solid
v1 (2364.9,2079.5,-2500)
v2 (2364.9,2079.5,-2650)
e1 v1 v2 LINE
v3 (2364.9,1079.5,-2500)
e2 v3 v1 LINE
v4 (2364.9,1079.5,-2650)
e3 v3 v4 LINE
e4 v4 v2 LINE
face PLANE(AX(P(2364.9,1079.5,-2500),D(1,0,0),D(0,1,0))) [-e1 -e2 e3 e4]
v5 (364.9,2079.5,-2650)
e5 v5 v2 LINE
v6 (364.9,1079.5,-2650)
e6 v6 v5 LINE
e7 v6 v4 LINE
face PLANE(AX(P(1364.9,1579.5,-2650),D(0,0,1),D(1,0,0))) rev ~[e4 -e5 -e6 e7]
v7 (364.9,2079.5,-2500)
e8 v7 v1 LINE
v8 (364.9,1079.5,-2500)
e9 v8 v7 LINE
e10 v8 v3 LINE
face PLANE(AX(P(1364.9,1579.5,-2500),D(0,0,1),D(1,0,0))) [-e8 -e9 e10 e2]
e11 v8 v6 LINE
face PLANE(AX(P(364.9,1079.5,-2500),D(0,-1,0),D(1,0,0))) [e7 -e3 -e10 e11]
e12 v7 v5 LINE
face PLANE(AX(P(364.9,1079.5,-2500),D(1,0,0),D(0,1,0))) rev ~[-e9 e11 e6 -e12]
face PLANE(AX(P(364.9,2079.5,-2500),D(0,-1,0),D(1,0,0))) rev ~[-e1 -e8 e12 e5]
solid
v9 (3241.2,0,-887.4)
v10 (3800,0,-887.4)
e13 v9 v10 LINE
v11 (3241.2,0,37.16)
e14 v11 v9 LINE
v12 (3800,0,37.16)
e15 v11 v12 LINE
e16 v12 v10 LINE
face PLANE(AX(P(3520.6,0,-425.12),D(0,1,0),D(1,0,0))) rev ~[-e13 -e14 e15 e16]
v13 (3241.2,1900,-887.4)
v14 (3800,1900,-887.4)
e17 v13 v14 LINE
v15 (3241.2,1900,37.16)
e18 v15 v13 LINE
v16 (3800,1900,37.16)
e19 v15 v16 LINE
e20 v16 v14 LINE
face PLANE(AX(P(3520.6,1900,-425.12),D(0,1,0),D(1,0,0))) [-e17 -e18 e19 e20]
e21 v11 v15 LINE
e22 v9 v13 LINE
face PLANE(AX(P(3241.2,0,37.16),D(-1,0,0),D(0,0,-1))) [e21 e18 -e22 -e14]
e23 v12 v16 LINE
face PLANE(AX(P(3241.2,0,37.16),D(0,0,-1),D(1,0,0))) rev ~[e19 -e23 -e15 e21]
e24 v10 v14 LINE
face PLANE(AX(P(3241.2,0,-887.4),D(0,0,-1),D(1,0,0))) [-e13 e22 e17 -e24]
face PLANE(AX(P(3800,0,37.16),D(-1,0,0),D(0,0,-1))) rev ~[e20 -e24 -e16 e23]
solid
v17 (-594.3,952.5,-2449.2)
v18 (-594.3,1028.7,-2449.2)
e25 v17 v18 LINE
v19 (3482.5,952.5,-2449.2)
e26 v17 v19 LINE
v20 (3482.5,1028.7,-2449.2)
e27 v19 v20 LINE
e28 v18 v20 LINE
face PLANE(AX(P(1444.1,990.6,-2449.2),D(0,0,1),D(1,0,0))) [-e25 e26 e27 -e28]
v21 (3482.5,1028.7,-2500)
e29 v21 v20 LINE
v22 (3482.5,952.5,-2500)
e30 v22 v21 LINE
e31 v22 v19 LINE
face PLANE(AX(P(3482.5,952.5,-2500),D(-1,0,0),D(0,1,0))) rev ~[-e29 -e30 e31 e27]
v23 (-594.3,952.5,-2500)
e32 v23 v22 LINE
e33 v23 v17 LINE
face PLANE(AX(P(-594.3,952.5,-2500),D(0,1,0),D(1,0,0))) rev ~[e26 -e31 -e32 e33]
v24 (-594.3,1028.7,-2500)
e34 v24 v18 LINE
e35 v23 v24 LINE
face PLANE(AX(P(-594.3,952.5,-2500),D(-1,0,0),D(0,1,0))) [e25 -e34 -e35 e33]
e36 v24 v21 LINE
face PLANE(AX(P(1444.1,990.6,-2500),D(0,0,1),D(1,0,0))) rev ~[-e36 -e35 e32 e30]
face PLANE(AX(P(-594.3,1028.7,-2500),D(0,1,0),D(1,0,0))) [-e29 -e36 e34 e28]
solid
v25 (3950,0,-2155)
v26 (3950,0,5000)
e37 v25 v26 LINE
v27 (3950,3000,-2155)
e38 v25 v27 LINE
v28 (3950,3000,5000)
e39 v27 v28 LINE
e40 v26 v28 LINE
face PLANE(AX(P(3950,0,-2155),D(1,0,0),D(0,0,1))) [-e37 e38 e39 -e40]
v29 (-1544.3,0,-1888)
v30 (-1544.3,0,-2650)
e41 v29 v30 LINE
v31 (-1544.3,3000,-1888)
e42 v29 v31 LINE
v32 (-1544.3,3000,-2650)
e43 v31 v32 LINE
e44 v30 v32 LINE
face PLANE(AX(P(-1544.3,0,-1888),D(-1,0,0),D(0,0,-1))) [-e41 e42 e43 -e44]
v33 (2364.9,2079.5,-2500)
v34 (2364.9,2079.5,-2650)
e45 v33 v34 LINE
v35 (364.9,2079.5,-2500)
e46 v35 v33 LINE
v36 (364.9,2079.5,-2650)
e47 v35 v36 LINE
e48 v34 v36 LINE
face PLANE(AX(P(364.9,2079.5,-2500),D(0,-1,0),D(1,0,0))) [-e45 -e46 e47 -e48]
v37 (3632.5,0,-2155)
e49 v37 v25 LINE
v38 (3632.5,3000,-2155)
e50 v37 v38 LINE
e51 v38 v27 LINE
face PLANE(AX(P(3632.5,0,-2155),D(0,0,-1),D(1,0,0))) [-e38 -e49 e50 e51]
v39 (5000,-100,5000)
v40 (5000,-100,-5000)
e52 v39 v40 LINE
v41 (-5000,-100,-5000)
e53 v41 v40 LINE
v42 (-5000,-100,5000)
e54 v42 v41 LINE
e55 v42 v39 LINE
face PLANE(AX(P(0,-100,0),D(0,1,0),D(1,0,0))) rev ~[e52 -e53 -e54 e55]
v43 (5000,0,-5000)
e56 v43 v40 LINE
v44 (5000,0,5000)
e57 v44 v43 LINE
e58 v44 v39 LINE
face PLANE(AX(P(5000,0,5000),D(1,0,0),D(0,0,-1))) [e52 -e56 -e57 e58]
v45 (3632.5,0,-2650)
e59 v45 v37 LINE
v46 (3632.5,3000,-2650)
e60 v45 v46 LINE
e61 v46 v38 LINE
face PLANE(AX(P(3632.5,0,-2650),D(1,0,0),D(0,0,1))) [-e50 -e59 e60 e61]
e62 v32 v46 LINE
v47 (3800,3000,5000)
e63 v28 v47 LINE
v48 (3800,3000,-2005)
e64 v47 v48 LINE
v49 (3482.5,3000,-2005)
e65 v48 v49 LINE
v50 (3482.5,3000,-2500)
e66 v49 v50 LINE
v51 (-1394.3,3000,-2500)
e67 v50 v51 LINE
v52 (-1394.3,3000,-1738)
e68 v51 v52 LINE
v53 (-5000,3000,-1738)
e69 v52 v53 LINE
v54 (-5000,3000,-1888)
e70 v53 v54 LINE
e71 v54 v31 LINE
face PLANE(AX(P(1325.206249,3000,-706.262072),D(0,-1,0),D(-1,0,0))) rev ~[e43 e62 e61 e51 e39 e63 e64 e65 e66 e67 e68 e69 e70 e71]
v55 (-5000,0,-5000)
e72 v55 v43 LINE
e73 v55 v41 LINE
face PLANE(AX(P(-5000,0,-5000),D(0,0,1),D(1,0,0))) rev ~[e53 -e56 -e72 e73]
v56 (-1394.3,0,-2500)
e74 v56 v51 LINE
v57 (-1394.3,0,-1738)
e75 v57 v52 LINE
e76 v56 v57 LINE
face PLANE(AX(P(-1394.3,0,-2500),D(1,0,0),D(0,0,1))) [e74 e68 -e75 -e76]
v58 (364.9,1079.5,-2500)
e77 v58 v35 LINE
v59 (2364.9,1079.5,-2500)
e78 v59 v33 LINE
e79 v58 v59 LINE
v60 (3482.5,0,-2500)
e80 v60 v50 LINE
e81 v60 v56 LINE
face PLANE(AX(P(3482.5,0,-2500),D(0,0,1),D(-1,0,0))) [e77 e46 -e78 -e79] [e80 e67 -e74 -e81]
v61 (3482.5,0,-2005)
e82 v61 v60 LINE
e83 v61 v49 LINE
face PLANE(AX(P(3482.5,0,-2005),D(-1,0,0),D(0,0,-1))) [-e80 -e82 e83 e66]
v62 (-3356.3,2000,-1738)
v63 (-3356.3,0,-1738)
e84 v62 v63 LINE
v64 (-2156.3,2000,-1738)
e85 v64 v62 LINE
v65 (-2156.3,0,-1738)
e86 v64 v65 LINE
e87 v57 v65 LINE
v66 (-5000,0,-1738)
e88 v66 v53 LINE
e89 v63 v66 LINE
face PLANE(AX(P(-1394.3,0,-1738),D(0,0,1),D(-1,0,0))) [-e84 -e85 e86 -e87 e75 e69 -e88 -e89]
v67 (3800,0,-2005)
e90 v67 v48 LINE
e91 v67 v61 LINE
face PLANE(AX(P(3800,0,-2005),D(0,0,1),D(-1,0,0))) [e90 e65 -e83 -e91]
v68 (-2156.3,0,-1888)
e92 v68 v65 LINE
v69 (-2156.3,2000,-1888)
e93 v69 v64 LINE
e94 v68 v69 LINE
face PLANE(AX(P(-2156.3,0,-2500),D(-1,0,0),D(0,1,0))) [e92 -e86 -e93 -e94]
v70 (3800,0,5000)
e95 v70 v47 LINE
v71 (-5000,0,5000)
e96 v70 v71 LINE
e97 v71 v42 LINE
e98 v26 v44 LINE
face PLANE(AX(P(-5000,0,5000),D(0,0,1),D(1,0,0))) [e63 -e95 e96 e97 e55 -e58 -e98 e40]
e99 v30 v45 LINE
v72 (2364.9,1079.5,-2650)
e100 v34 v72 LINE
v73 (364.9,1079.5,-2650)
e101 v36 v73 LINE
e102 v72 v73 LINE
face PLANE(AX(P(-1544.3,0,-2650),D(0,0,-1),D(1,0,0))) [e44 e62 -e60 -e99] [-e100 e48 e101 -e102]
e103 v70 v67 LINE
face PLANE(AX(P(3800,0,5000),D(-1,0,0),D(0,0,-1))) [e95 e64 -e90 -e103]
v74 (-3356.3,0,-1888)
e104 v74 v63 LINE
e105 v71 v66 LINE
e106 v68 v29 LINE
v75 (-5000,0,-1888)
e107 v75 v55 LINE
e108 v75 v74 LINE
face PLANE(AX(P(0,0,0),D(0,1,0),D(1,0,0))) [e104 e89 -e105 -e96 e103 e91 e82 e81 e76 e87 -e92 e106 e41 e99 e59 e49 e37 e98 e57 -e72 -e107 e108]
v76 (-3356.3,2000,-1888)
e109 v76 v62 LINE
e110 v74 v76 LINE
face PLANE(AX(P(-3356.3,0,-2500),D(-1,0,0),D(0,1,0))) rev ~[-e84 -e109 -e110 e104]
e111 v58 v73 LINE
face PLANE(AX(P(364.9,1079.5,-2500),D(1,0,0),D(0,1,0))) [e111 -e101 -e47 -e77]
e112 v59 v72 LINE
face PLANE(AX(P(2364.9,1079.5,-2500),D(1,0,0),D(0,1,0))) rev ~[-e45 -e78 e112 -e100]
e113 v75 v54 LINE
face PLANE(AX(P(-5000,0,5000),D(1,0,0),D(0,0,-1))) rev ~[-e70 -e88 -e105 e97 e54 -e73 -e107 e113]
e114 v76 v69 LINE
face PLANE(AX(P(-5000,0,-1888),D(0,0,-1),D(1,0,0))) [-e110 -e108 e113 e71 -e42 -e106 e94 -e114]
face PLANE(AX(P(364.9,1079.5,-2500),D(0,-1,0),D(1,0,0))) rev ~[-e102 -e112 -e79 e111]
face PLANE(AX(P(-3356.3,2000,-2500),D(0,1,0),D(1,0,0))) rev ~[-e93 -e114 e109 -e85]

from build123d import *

# Parameters (mm, degrees)
SKETCH1_W               = 10000
SKETCH1_H               = 10000
BOSS_EXTRUDE1_DEPTH     = 100
BOSS_EXTRUDE2_DEPTH     = 3000
SKETCH4_W               = 2000
SKETCH4_H               = 1000
SKETCH4_W_2             = 1200
SKETCH4_H_2             = 2000
CUT_EXTRUDE1_DEPTH      = 7501
CUT_EXTRUDE1_DEPTH_BACK = 2501
SKETCH4_2_W             = 2000
SKETCH4_2_H             = 1000
BOSS_EXTRUDE3_DEPTH     = 150
SKETCH5_W               = 558.8
SKETCH5_H               = 924.56
BOSS_EXTRUDE4_DEPTH     = 1900
SKETCH6_W               = 4076.8
SKETCH6_H               = 76.2
BOSS_EXTRUDE5_DEPTH     = 50.8


with BuildPart() as part:
    # Sketch1 → Boss-Extrude1 (new body)
    with BuildSketch(Plane(origin=(0, 0, 0), x_dir=(1, 0, 0), z_dir=(0, 1, 0))):
        Rectangle(SKETCH1_W, SKETCH1_H)
    extrude(amount=-BOSS_EXTRUDE1_DEPTH)

    # Sketch3 → Boss-Extrude2 (add)
    with BuildSketch(Plane(origin=(0, 0, 0), x_dir=(1, 0, 0), z_dir=(0, 1, 0))):
        Polygon((3482.5, 2500), (-1394.3, 2500), (-1394.3, 1738), (-5000, 1738), (-5000, 1888), (-1544.3, 1888), (-1544.3, 2650), (3632.5, 2650), (3632.5, 2155), (3950, 2155), (3950, -5000), (3800, -5000), (3800, 2005), (3482.5, 2005), align=None)
    extrude(amount=BOSS_EXTRUDE2_DEPTH)

    # Sketch4 → Cut-Extrude1 (cut, two sides)
    with BuildSketch(Plane.XY.offset(-2500)) as cut_extrude1_sk:
        with Locations((1364.9, 1579.5)):
            Rectangle(SKETCH4_W, SKETCH4_H)
        with Locations((-2756.3, 1000)):
            Rectangle(SKETCH4_W_2, SKETCH4_H_2)
    extrude(amount=CUT_EXTRUDE1_DEPTH, mode=Mode.SUBTRACT)
    extrude(cut_extrude1_sk.sketch, amount=-CUT_EXTRUDE1_DEPTH_BACK, mode=Mode.SUBTRACT)


with BuildPart() as body_2:
    # Sketch4<2> → Boss-Extrude3 (new body)
    with BuildSketch(Plane.XY.offset(-2500)):
        with Locations((1364.9, 1579.5)):
            Rectangle(SKETCH4_2_W, SKETCH4_2_H)
    extrude(amount=-BOSS_EXTRUDE3_DEPTH)


with BuildPart() as body_3:
    # Sketch5 → Boss-Extrude4 (new body)
    with BuildSketch(Plane(origin=(0, 0, 0), x_dir=(1, 0, 0), z_dir=(0, 1, 0))):
        with Locations((3520.6, 425.12)):
            Rectangle(SKETCH5_W, SKETCH5_H)
    extrude(amount=BOSS_EXTRUDE4_DEPTH)


with BuildPart() as body_4:
    # Sketch6 → Boss-Extrude5 (new body)
    with BuildSketch(Plane.XY.offset(-2500)):
        with Locations((1444.1, 990.6)):
            Rectangle(SKETCH6_W, SKETCH6_H)
    extrude(amount=BOSS_EXTRUDE5_DEPTH)


solid = Compound([part.part, body_2.part, body_3.part, body_4.part])
